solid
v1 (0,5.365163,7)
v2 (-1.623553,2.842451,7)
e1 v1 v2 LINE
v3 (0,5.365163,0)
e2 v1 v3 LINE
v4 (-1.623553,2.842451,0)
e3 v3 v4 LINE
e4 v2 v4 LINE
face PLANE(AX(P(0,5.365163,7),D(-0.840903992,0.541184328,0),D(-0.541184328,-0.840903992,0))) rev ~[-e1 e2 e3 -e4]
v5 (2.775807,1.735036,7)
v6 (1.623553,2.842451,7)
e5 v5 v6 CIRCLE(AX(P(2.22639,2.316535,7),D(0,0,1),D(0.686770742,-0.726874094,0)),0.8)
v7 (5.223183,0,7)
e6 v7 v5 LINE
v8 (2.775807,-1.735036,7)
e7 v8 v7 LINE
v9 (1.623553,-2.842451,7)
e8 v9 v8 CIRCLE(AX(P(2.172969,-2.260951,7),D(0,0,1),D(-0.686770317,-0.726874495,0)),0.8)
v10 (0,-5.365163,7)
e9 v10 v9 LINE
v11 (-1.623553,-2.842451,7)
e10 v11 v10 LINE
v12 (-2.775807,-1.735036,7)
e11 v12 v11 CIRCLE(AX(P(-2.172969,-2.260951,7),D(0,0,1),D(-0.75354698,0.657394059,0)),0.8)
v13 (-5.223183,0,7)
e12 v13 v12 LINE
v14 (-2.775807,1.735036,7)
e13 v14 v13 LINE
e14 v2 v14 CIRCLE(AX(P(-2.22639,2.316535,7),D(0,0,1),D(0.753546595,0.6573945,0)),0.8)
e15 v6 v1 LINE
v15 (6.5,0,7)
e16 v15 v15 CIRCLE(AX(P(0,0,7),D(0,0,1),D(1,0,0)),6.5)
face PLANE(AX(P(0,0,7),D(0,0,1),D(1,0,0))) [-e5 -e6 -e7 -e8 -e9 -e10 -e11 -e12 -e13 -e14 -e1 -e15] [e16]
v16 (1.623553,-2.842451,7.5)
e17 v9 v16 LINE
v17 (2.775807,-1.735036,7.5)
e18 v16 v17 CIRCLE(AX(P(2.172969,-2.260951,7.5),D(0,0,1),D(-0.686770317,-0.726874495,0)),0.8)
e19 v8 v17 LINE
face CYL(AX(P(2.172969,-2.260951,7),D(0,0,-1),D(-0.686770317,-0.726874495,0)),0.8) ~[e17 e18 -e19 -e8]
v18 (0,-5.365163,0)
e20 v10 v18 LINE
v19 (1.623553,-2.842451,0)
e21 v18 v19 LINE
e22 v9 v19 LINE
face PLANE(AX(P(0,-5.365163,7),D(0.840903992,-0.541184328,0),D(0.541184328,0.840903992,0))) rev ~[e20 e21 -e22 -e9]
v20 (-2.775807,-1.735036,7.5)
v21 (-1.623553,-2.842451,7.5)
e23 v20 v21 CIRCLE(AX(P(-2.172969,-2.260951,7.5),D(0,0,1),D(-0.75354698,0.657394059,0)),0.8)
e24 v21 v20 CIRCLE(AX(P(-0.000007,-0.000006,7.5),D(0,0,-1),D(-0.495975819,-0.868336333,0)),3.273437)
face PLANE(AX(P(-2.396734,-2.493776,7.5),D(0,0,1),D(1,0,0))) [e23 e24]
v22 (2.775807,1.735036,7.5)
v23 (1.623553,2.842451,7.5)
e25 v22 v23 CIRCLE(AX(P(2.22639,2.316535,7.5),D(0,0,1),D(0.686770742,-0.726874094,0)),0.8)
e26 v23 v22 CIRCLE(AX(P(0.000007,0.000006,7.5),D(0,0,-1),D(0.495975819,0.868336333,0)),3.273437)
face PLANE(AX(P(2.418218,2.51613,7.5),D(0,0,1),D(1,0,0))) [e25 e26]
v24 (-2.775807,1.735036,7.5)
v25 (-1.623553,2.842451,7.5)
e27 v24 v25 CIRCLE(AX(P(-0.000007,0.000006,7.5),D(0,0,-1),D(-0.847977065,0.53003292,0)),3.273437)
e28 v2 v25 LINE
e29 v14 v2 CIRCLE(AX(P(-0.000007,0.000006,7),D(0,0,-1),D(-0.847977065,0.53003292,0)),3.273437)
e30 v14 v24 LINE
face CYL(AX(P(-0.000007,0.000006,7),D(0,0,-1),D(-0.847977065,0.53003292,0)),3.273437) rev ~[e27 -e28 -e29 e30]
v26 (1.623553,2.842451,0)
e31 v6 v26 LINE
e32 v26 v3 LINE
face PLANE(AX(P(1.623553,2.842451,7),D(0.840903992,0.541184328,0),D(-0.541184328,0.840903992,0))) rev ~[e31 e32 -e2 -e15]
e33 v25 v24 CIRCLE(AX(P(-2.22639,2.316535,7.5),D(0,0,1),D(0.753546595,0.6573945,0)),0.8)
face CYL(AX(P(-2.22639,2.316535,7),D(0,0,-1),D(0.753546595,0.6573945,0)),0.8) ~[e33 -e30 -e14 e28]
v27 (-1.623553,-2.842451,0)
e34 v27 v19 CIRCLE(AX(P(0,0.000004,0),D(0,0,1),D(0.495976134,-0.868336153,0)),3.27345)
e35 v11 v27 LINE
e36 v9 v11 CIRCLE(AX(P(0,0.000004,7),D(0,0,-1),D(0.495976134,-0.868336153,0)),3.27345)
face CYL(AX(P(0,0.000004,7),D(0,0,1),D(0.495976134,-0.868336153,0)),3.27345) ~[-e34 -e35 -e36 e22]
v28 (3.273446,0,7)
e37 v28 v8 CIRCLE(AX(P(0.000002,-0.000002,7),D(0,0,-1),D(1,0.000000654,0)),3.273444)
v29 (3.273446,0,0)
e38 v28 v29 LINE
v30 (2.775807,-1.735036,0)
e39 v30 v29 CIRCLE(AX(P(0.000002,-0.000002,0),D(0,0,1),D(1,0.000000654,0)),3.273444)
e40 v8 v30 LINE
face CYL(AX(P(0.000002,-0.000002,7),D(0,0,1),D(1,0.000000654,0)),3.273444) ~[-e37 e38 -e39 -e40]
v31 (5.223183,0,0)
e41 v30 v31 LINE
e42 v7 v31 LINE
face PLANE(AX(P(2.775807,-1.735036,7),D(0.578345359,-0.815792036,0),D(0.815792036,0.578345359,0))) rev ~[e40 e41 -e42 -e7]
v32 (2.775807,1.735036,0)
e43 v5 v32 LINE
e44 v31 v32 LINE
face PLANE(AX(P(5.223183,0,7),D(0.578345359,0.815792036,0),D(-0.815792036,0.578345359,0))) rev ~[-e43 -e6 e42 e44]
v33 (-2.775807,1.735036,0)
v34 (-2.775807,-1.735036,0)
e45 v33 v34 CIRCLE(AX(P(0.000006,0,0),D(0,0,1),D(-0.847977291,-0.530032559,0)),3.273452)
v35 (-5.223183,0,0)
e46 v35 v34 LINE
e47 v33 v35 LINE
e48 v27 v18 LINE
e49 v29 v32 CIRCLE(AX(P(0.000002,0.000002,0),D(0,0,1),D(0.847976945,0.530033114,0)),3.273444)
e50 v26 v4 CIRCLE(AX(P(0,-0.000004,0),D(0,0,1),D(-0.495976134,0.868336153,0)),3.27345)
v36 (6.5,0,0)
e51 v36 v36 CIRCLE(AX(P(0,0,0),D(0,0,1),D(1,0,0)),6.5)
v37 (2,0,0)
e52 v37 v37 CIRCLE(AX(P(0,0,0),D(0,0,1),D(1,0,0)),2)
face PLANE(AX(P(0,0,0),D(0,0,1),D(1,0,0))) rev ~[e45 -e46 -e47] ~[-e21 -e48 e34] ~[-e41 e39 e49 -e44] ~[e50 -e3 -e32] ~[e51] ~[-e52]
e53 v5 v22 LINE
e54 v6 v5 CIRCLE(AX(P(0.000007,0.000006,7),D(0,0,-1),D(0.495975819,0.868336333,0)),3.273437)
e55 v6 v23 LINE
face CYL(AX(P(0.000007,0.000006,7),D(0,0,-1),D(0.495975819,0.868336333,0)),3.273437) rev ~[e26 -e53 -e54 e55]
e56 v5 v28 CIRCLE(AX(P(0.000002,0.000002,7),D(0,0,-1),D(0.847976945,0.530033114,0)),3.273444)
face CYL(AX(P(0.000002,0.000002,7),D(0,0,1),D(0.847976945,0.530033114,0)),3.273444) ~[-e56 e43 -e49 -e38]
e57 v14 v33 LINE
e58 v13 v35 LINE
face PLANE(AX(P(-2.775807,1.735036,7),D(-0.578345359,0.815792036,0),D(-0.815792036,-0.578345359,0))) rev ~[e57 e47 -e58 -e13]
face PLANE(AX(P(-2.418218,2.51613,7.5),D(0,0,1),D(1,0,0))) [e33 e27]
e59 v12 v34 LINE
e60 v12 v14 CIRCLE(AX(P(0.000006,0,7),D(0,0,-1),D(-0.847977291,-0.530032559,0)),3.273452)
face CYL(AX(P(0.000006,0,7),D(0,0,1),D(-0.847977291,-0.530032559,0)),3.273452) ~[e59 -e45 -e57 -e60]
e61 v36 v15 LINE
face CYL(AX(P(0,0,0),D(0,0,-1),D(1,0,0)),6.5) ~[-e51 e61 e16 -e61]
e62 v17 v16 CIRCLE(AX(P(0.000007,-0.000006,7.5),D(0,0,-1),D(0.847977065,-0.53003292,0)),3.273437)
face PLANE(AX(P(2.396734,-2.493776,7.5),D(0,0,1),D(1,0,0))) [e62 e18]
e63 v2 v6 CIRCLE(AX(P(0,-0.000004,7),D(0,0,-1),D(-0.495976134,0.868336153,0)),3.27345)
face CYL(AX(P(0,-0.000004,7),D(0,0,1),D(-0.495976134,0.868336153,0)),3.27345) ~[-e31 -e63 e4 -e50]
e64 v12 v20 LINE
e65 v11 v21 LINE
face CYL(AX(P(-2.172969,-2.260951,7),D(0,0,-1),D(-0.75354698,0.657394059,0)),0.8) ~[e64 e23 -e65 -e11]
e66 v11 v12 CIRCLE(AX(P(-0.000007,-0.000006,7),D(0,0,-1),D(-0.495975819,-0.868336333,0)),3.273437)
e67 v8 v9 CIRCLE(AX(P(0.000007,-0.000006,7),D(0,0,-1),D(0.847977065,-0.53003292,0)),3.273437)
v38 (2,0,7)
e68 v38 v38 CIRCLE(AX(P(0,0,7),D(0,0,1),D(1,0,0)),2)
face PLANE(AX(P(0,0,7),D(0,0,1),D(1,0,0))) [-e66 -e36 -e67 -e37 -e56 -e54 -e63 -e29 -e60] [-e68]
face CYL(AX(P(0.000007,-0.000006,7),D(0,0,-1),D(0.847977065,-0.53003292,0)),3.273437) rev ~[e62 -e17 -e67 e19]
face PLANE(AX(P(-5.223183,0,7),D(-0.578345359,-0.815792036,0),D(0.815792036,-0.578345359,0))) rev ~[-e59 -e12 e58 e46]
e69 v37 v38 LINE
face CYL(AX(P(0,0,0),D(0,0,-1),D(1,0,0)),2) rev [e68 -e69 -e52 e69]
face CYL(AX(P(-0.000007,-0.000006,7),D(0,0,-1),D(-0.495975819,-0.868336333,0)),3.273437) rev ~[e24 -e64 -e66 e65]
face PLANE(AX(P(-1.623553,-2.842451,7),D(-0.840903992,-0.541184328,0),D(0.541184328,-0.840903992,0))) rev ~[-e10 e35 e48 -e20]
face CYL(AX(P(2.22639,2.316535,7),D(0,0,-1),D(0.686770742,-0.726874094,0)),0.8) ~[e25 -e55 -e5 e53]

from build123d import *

# Parameters (mm, degrees)
F0_R     = 6.5
F0_R_2   = 2
F1_DEPTH = 7
F3_DEPTH = 25
F4_DEPTH = 0.5


with BuildPart() as f1:
    # F0 (on Top) → F1 (new body)
    with BuildSketch(Plane.XY):
        Circle(F0_R)
        Circle(F0_R_2, mode=Mode.SUBTRACT)
    extrude(amount=F1_DEPTH)

    # F2 (on face) → F3 (cut)
    with BuildSketch(Plane.XY.offset(7)):
        with BuildLine():
            ThreePointArc((-2.775807, -1.735036), (-3.273446, 0), (-2.775807, 1.735036))
            Line((-2.775807, 1.735036), (-5.223183, 0))
            Line((-5.223183, 0), (-2.775807, -1.735036))
        make_face()
        with BuildLine():
            Line((0, -5.365163), (1.623553, -2.842451))
            ThreePointArc((1.623553, -2.842451), (0, -3.273446), (-1.623553, -2.842451))
            Line((-1.623553, -2.842451), (0, -5.365163))
        make_face()
        with BuildLine():
            ThreePointArc((2.775807, 1.735036), (3.146578, 0.902496), (3.273446, 0))
            ThreePointArc((3.273446, 0), (3.146578, -0.902496), (2.775807, -1.735036))
            Line((2.775807, -1.735036), (5.223183, 0))
            Line((5.223183, 0), (2.775807, 1.735036))
        make_face()
        with BuildLine():
            ThreePointArc((-1.623553, 2.842451), (0, 3.273446), (1.623553, 2.842451))
            Line((1.623553, 2.842451), (0, 5.365163))
            Line((0, 5.365163), (-1.623553, 2.842451))
        make_face()
    extrude(amount=-F3_DEPTH, mode=Mode.SUBTRACT)

    # F2 (on face) → F4 (join)
    with BuildSketch(Plane.XY.offset(7)):
        with BuildLine():
            ThreePointArc((1.623553, 2.842451), (2.2683, 2.360142), (2.775807, 1.735036))
            ThreePointArc((2.775807, 1.735036), (2.780742, 2.893332), (1.623553, 2.842451))
        make_face()
        with BuildLine():
            ThreePointArc((-2.775807, 1.735036), (-2.2683, 2.360142), (-1.623553, 2.842451))
            ThreePointArc((-1.623553, 2.842451), (-2.780742, 2.893332), (-2.775807, 1.735036))
        make_face()
        with BuildLine():
            ThreePointArc((-2.775807, -1.735036), (-2.727321, -2.837748), (-1.623553, -2.842451))
            ThreePointArc((-1.623553, -2.842451), (-2.2683, -2.360142), (-2.775807, -1.735036))
        make_face()
        with BuildLine():
            ThreePointArc((1.623553, -2.842451), (2.727321, -2.837748), (2.775807, -1.735036))
            ThreePointArc((2.775807, -1.735036), (2.2683, -2.360142), (1.623553, -2.842451))
        make_face()
    extrude(amount=F4_DEPTH)


solid = f1.part
